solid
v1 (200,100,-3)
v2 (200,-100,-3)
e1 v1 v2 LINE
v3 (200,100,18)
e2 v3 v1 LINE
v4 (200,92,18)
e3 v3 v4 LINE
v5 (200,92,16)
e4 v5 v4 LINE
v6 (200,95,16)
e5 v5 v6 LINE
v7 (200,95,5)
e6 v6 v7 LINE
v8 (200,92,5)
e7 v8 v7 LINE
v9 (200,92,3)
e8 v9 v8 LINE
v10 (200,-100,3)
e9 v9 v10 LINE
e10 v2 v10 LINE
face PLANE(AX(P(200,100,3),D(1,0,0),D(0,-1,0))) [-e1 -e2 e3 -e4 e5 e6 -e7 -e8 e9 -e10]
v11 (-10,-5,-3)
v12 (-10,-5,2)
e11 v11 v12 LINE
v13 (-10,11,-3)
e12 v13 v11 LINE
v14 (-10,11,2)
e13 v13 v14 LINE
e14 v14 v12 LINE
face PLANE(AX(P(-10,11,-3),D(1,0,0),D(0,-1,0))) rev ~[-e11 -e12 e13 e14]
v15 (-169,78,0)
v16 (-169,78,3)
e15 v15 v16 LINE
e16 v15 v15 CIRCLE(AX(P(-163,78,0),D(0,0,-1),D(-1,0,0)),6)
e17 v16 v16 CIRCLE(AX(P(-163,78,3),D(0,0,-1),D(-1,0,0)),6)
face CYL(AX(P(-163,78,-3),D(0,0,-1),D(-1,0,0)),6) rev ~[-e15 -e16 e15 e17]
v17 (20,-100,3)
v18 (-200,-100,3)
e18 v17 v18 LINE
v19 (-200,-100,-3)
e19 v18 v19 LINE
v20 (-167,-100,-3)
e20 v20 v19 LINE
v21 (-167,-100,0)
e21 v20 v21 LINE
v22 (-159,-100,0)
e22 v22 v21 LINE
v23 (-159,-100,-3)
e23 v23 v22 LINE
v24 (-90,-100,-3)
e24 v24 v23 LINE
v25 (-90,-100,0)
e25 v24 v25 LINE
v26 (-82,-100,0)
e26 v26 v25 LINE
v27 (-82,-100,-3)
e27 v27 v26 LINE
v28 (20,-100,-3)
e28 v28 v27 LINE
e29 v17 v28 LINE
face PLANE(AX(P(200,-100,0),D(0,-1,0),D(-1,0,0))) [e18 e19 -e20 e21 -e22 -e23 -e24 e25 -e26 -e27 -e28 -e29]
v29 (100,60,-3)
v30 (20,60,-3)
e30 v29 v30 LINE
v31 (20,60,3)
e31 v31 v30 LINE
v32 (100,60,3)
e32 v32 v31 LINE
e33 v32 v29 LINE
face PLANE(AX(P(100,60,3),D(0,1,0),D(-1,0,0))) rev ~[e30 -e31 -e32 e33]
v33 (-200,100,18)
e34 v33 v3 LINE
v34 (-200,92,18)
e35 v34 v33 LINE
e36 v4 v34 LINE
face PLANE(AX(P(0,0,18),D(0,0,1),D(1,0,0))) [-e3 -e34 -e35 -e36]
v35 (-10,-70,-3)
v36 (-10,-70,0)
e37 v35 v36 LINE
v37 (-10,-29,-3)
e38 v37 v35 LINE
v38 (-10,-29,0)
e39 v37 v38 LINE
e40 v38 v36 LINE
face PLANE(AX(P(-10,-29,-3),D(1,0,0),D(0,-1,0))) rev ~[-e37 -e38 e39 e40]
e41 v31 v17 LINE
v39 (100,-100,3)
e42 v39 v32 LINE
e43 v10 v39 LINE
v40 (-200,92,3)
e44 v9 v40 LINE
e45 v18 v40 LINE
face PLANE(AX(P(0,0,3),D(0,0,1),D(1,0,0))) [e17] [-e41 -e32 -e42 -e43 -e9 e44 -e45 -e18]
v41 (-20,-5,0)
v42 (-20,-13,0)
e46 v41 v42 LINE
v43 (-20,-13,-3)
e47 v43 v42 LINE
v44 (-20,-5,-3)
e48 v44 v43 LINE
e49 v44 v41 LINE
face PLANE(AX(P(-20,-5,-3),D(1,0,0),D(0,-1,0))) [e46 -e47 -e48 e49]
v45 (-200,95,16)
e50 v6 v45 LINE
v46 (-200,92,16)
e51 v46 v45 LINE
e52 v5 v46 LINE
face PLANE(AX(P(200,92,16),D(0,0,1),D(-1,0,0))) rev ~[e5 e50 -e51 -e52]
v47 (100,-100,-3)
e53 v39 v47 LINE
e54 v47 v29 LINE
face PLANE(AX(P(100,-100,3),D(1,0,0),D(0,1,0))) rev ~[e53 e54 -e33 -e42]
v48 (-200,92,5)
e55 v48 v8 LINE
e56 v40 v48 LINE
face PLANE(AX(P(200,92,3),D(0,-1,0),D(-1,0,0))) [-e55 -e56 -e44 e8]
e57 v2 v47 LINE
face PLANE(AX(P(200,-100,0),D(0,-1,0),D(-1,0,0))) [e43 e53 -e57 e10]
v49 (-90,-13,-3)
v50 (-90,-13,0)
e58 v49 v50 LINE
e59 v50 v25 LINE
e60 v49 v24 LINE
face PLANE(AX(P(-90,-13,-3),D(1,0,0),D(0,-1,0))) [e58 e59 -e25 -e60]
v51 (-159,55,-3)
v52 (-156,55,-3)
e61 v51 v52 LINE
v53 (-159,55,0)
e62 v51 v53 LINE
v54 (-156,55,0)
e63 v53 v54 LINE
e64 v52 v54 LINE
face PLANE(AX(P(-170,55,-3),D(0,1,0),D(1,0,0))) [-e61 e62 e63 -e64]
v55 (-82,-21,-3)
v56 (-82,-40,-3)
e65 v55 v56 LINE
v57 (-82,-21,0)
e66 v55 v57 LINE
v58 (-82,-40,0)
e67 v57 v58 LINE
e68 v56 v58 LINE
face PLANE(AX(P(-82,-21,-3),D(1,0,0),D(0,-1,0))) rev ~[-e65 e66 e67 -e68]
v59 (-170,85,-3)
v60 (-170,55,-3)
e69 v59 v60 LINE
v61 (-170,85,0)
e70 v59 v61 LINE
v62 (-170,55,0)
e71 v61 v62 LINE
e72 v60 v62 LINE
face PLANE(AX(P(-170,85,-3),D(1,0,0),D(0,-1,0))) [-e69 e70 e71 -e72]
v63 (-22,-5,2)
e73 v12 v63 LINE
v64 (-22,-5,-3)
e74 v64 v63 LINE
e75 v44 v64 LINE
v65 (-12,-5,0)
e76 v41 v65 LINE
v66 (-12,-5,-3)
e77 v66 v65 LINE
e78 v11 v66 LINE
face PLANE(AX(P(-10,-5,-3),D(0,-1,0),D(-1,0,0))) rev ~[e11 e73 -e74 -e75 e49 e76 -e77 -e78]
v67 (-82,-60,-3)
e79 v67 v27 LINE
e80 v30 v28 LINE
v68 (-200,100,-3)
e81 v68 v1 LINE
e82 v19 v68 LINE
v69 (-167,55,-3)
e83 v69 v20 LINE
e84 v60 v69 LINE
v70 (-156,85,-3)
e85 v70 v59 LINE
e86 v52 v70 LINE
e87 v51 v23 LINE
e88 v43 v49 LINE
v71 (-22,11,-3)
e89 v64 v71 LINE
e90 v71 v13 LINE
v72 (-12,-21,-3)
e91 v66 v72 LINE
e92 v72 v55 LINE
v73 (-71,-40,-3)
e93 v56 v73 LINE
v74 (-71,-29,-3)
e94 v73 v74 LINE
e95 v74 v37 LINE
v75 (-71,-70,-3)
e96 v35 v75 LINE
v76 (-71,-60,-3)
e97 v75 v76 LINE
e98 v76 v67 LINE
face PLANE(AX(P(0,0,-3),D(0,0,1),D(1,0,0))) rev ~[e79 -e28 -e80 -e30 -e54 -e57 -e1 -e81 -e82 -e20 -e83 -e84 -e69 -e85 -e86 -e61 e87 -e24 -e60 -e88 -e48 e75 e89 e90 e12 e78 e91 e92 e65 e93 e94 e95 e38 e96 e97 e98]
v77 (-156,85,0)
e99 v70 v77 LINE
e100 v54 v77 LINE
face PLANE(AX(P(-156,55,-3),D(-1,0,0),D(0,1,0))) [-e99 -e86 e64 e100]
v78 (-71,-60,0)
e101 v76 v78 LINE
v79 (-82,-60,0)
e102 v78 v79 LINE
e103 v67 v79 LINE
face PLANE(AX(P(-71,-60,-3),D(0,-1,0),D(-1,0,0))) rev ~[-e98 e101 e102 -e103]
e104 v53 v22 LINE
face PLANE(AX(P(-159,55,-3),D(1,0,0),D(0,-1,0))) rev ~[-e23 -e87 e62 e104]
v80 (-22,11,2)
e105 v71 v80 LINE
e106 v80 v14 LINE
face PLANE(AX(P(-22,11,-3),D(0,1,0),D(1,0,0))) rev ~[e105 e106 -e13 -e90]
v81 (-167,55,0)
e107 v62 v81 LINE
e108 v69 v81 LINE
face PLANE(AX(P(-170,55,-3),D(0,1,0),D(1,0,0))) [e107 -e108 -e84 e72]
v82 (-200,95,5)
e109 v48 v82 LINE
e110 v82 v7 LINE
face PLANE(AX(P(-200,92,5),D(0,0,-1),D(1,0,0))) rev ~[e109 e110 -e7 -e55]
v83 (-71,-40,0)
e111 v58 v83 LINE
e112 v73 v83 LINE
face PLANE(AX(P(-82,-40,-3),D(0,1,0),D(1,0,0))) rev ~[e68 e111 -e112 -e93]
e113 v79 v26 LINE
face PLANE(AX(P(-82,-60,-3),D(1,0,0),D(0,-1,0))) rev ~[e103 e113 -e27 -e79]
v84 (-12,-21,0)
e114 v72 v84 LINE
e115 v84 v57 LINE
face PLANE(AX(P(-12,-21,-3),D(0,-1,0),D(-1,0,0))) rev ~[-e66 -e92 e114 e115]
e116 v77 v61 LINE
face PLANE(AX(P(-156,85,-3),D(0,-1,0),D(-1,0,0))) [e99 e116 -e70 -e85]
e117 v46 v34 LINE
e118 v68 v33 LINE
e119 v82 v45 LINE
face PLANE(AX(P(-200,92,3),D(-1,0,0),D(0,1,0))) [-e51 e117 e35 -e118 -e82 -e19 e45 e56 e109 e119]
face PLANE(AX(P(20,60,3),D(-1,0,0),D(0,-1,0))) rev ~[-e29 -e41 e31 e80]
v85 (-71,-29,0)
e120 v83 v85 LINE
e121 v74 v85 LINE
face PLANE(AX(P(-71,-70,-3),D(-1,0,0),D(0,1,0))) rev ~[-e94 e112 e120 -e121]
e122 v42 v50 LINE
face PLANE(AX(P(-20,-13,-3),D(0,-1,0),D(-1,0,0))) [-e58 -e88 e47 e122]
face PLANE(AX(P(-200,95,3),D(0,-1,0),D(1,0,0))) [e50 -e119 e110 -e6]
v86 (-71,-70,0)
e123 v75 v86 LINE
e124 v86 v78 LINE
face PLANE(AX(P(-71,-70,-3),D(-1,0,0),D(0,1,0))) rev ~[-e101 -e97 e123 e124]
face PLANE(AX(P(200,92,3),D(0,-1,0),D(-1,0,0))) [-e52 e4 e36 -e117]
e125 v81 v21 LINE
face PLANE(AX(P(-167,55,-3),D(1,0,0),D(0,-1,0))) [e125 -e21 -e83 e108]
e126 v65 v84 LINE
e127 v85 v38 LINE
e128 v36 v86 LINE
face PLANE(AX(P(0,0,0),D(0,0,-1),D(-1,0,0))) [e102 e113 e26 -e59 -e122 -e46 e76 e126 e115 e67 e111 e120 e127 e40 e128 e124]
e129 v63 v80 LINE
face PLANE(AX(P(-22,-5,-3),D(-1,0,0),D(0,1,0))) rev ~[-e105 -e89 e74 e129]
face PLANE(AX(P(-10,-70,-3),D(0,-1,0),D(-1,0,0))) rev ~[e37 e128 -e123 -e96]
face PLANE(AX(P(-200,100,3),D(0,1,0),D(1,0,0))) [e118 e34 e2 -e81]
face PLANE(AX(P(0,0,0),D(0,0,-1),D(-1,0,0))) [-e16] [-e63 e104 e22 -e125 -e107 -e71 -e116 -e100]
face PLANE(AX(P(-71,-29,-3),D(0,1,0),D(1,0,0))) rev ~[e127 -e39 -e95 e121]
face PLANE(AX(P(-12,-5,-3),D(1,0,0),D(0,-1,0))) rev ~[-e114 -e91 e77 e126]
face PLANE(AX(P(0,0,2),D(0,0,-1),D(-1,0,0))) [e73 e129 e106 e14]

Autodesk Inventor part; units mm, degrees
ref_plane "YZ Plane" through (0, 0, 0) normal (1, 0, 0) x (0, 1, 0)
ref_plane "XZ Plane" through (0, 0, 0) normal (0, 1, 0) x (-1, 0, 0)
ref_plane "XY Plane" through (0, 0, 0) normal (0, 0, 1) x (1, 0, 0)
sketch "Szkic1" plane through (0, 0, 0) normal (0, 0, 1) x (1, 0, 0)
  line L0 (200, -100) -> (-200, -100)
  line L1 (-200, -100) -> (-200, 100)
  line L2 (-200, 100) -> (200, 100)
  line L3 (200, 100) -> (200, -100)
  line L4 (200, -100) -> (-200, 100) construction
  line L5 (-200, -100) -> (200, 100) construction
  point P0 (0, 0)
  dimension "d0" = 400
  dimension "d1" = 200
extrude "Wyciągnięcie proste1" add sketch "Szkic1" along normal mid plane 6
sketch "Szkic2" plane through (0, 0, 3) normal (0, 0, 1) x (1, 0, 0)
  line L0 (-200, -100) -> (200, -100) projected
  line L1 (20, -100) -> (100, -100)
  line L2 (100, -100) -> (100, 60)
  line L3 (100, 60) -> (20, 60)
  line L4 (20, 60) -> (20, -100)
  line L5 (200, -100) -> (200, 100) projected
  line L6 (-22, 11) -> (-10, 11)
  line L7 (-10, 11) -> (-10, -5)
  line L8 (-10, -5) -> (-22, -5)
  line L9 (-22, -5) -> (-22, 11)
  line L10 (-71, -29) -> (-10, -29)
  line L11 (-10, -29) -> (-10, -70)
  line L12 (-10, -70) -> (-71, -70)
  line L13 (-71, -70) -> (-71, -29)
  point P0 (0, 0)
  point P1 (-10, 3)
  dimension "d4" = 80
  dimension "d5" = 160
  dimension "d6" = 100
  dimension "d7" = 16
  dimension "d8" = 12
  dimension "d9" = 95
  dimension "d10" = 61
  dimension "d11" = 41
  dimension "d12" = 30
  dimension "d13" = 30
  dimension "d14" = 30
extrude "Wyciągnięcie proste2" cut sketch "Szkic2" against normal through all contours L4 L3 L2 L0
sketch "Szkic3" plane through (0, 0, -3) normal (0, 0, -1) x (-1, 0, 0)
  line L0 (71, -29) -> (10, -29) projected
  line L1 (71, -70) -> (71, -29) projected
  line L2 (10, -70) -> (71, -70) projected
  line L3 (10, -29) -> (10, -70) projected
  line L4 (10, -5) -> (22, -5) projected
  line L5 (22, -5) -> (22, 11) projected
  line L6 (22, 11) -> (10, 11) projected
  line L7 (10, 11) -> (10, -5) projected
  point P0 (0, 0)
  point P1 (10, 3)
extrude "Wyciągnięcie proste3" cut sketch "Szkic3" against normal blind 5 contours L7 L6 L5 L4
sketch "Szkic4" plane through (0, 0, -3) normal (0, 0, -1) x (-1, 0, 0)
  line L0 (71, -29) -> (10, -29) projected
  line L1 (71, -70) -> (71, -29) projected
  line L2 (10, -70) -> (71, -70) projected
  line L3 (10, -29) -> (10, -70) projected
  point P0 (0, 0)
extrude "Wyciągnięcie proste4" cut sketch "Szkic4" against normal blind 3
sketch "Szkic6" plane through (0, 0, -3) normal (0, 0, -1) x (-1, 0, 0)
  line L0 (22, -5) -> (10, -5) projected
  line L1 (12, -5) -> (12, -21)
  line L2 (12, -21) -> (82, -21)
  line L3 (82, -21) -> (82, -40)
  line L4 (82, -40) -> (71, -40)
  line L5 (71, -29) -> (71, -70) projected
  line L6 (71, -60) -> (82, -60)
  line L7 (71, -70) -> (10, -70) projected
  line L8 (10, -70) -> (10, -29) projected
  line L9 (10, -29) -> (71, -29) projected
  line L10 (71, -29) -> (71, -70) projected
  line L11 (10, 11) -> (22, 11) projected
  line L12 (22, 11) -> (22, -5) projected
  line L13 (22, -5) -> (10, -5) projected
  line L14 (10, -5) -> (10, 11) projected
  line L15 (-20, 60) -> (-20, -100) projected
  line L16 (-20, -100) -> (200, -100) projected
  line L17 (200, -100) -> (200, 100) projected
  line L18 (200, 100) -> (-200, 100) projected
  line L19 (-200, 100) -> (-200, -100) projected
  line L20 (-200, -100) -> (-100, -100) projected
  line L21 (-100, -100) -> (-100, 60) projected
  line L22 (-100, 60) -> (-20, 60) projected
  line L23 (82, -60) -> (82, -100)
  line L24 (-20, -100) -> (200, -100) projected
  line L25 (20, -5) -> (20, -13)
  line L26 (20, -13) -> (90, -13)
  line L27 (90, -13) -> (90, -100)
  point P0 (0, 0)
  point P1 (12, -13)
  dimension "d21" = 8
  dimension "d22" = 32
  dimension "d23" = 8
  dimension "d24" = 8
  dimension "d25" = 20
  dimension "d26" = 40
  dimension "d27" = 8
  dimension "d28" = 8
extrude "Wyciągnięcie proste5" cut sketch "Szkic6" against normal blind 3 contours L25 L26 L27 L16 L23 L6 L5 L4 L3 L2 L1 L0
sketch "Szkic7" plane through (0, 0, 3) normal (0, 0, 1) x (1, 0, 0)
  line L0 (-200, 100) -> (200, 100) projected
  line L1 (200, 100) -> (200, -100) projected
  line L2 (-200, 100) -> (200, 100)
  line L3 (200, 100) -> (200, 92)
  line L4 (200, 92) -> (-200, 92)
  line L5 (-200, 92) -> (-200, 100)
  point P0 (0, 0)
  dimension "d31" = 8
extrude "Wyciągnięcie proste6" add sketch "Szkic7" along normal blind 15
sketch "Szkic8" plane through (-200, 92, 3) normal (0, -1, 0) x (1, 0, 0)
  line L0 (400, 15) -> (400, -6) projected
  line L1 (0, -6) -> (0, 15) projected
  line L2 (400, 13) -> (0, 13)
  line L3 (0, 13) -> (0, 2)
  line L4 (0, 2) -> (400, 2)
  line L5 (400, 2) -> (400, 13)
  line L6 (0, 15) -> (400, 15) projected
  point P0 (200, -3)
  point P1 (0, 13)
  dimension "d34" = 11
  dimension "d35" = 2
extrude "Wyciągnięcie proste7" cut sketch "Szkic8" against normal blind 3 contours L0 L4 L1 L2
sketch "Szkic9" plane through (0, 0, -3) normal (0, 0, -1) x (-1, 0, 0)
  line L0 (156, 85) -> (170, 85)
  line L1 (170, 85) -> (170, 55)
  line L2 (170, 55) -> (156, 55)
  line L3 (156, 55) -> (156, 85)
  line L4 (200, -100) -> (200, 100) projected
  line L5 (200, 100) -> (-200, 100) projected
  circle A0 centre (163, 78) radius 6
  line L6 (90, -100) -> (200, -100) projected
  line L7 (159, 55) -> (159, -100)
  line L8 (167, 55) -> (167, -100)
  point P0 (0, 0)
  point P1 (163, 55)
  dimension "d38" = 14
  dimension "d39" = 30
  dimension "d40" = 30
  dimension "d41" = 15
  dimension "d42" = 12
  dimension "d43" = 23
  dimension "d44" = 7
  dimension "d49" = 8
  dimension "d50" = 33
extrude "Wyciągnięcie proste8" cut sketch "Szkic9" against normal blind 6 contours A0
extrude "Wyciągnięcie proste9" cut sketch "Szkic9" against normal blind 3 contours L0 L1 L2 L3
extrude "Wyciągnięcie proste10" cut sketch "Szkic9" against normal blind 3 contours L2 L8 L6 L7
properties part number "FrontWall"
